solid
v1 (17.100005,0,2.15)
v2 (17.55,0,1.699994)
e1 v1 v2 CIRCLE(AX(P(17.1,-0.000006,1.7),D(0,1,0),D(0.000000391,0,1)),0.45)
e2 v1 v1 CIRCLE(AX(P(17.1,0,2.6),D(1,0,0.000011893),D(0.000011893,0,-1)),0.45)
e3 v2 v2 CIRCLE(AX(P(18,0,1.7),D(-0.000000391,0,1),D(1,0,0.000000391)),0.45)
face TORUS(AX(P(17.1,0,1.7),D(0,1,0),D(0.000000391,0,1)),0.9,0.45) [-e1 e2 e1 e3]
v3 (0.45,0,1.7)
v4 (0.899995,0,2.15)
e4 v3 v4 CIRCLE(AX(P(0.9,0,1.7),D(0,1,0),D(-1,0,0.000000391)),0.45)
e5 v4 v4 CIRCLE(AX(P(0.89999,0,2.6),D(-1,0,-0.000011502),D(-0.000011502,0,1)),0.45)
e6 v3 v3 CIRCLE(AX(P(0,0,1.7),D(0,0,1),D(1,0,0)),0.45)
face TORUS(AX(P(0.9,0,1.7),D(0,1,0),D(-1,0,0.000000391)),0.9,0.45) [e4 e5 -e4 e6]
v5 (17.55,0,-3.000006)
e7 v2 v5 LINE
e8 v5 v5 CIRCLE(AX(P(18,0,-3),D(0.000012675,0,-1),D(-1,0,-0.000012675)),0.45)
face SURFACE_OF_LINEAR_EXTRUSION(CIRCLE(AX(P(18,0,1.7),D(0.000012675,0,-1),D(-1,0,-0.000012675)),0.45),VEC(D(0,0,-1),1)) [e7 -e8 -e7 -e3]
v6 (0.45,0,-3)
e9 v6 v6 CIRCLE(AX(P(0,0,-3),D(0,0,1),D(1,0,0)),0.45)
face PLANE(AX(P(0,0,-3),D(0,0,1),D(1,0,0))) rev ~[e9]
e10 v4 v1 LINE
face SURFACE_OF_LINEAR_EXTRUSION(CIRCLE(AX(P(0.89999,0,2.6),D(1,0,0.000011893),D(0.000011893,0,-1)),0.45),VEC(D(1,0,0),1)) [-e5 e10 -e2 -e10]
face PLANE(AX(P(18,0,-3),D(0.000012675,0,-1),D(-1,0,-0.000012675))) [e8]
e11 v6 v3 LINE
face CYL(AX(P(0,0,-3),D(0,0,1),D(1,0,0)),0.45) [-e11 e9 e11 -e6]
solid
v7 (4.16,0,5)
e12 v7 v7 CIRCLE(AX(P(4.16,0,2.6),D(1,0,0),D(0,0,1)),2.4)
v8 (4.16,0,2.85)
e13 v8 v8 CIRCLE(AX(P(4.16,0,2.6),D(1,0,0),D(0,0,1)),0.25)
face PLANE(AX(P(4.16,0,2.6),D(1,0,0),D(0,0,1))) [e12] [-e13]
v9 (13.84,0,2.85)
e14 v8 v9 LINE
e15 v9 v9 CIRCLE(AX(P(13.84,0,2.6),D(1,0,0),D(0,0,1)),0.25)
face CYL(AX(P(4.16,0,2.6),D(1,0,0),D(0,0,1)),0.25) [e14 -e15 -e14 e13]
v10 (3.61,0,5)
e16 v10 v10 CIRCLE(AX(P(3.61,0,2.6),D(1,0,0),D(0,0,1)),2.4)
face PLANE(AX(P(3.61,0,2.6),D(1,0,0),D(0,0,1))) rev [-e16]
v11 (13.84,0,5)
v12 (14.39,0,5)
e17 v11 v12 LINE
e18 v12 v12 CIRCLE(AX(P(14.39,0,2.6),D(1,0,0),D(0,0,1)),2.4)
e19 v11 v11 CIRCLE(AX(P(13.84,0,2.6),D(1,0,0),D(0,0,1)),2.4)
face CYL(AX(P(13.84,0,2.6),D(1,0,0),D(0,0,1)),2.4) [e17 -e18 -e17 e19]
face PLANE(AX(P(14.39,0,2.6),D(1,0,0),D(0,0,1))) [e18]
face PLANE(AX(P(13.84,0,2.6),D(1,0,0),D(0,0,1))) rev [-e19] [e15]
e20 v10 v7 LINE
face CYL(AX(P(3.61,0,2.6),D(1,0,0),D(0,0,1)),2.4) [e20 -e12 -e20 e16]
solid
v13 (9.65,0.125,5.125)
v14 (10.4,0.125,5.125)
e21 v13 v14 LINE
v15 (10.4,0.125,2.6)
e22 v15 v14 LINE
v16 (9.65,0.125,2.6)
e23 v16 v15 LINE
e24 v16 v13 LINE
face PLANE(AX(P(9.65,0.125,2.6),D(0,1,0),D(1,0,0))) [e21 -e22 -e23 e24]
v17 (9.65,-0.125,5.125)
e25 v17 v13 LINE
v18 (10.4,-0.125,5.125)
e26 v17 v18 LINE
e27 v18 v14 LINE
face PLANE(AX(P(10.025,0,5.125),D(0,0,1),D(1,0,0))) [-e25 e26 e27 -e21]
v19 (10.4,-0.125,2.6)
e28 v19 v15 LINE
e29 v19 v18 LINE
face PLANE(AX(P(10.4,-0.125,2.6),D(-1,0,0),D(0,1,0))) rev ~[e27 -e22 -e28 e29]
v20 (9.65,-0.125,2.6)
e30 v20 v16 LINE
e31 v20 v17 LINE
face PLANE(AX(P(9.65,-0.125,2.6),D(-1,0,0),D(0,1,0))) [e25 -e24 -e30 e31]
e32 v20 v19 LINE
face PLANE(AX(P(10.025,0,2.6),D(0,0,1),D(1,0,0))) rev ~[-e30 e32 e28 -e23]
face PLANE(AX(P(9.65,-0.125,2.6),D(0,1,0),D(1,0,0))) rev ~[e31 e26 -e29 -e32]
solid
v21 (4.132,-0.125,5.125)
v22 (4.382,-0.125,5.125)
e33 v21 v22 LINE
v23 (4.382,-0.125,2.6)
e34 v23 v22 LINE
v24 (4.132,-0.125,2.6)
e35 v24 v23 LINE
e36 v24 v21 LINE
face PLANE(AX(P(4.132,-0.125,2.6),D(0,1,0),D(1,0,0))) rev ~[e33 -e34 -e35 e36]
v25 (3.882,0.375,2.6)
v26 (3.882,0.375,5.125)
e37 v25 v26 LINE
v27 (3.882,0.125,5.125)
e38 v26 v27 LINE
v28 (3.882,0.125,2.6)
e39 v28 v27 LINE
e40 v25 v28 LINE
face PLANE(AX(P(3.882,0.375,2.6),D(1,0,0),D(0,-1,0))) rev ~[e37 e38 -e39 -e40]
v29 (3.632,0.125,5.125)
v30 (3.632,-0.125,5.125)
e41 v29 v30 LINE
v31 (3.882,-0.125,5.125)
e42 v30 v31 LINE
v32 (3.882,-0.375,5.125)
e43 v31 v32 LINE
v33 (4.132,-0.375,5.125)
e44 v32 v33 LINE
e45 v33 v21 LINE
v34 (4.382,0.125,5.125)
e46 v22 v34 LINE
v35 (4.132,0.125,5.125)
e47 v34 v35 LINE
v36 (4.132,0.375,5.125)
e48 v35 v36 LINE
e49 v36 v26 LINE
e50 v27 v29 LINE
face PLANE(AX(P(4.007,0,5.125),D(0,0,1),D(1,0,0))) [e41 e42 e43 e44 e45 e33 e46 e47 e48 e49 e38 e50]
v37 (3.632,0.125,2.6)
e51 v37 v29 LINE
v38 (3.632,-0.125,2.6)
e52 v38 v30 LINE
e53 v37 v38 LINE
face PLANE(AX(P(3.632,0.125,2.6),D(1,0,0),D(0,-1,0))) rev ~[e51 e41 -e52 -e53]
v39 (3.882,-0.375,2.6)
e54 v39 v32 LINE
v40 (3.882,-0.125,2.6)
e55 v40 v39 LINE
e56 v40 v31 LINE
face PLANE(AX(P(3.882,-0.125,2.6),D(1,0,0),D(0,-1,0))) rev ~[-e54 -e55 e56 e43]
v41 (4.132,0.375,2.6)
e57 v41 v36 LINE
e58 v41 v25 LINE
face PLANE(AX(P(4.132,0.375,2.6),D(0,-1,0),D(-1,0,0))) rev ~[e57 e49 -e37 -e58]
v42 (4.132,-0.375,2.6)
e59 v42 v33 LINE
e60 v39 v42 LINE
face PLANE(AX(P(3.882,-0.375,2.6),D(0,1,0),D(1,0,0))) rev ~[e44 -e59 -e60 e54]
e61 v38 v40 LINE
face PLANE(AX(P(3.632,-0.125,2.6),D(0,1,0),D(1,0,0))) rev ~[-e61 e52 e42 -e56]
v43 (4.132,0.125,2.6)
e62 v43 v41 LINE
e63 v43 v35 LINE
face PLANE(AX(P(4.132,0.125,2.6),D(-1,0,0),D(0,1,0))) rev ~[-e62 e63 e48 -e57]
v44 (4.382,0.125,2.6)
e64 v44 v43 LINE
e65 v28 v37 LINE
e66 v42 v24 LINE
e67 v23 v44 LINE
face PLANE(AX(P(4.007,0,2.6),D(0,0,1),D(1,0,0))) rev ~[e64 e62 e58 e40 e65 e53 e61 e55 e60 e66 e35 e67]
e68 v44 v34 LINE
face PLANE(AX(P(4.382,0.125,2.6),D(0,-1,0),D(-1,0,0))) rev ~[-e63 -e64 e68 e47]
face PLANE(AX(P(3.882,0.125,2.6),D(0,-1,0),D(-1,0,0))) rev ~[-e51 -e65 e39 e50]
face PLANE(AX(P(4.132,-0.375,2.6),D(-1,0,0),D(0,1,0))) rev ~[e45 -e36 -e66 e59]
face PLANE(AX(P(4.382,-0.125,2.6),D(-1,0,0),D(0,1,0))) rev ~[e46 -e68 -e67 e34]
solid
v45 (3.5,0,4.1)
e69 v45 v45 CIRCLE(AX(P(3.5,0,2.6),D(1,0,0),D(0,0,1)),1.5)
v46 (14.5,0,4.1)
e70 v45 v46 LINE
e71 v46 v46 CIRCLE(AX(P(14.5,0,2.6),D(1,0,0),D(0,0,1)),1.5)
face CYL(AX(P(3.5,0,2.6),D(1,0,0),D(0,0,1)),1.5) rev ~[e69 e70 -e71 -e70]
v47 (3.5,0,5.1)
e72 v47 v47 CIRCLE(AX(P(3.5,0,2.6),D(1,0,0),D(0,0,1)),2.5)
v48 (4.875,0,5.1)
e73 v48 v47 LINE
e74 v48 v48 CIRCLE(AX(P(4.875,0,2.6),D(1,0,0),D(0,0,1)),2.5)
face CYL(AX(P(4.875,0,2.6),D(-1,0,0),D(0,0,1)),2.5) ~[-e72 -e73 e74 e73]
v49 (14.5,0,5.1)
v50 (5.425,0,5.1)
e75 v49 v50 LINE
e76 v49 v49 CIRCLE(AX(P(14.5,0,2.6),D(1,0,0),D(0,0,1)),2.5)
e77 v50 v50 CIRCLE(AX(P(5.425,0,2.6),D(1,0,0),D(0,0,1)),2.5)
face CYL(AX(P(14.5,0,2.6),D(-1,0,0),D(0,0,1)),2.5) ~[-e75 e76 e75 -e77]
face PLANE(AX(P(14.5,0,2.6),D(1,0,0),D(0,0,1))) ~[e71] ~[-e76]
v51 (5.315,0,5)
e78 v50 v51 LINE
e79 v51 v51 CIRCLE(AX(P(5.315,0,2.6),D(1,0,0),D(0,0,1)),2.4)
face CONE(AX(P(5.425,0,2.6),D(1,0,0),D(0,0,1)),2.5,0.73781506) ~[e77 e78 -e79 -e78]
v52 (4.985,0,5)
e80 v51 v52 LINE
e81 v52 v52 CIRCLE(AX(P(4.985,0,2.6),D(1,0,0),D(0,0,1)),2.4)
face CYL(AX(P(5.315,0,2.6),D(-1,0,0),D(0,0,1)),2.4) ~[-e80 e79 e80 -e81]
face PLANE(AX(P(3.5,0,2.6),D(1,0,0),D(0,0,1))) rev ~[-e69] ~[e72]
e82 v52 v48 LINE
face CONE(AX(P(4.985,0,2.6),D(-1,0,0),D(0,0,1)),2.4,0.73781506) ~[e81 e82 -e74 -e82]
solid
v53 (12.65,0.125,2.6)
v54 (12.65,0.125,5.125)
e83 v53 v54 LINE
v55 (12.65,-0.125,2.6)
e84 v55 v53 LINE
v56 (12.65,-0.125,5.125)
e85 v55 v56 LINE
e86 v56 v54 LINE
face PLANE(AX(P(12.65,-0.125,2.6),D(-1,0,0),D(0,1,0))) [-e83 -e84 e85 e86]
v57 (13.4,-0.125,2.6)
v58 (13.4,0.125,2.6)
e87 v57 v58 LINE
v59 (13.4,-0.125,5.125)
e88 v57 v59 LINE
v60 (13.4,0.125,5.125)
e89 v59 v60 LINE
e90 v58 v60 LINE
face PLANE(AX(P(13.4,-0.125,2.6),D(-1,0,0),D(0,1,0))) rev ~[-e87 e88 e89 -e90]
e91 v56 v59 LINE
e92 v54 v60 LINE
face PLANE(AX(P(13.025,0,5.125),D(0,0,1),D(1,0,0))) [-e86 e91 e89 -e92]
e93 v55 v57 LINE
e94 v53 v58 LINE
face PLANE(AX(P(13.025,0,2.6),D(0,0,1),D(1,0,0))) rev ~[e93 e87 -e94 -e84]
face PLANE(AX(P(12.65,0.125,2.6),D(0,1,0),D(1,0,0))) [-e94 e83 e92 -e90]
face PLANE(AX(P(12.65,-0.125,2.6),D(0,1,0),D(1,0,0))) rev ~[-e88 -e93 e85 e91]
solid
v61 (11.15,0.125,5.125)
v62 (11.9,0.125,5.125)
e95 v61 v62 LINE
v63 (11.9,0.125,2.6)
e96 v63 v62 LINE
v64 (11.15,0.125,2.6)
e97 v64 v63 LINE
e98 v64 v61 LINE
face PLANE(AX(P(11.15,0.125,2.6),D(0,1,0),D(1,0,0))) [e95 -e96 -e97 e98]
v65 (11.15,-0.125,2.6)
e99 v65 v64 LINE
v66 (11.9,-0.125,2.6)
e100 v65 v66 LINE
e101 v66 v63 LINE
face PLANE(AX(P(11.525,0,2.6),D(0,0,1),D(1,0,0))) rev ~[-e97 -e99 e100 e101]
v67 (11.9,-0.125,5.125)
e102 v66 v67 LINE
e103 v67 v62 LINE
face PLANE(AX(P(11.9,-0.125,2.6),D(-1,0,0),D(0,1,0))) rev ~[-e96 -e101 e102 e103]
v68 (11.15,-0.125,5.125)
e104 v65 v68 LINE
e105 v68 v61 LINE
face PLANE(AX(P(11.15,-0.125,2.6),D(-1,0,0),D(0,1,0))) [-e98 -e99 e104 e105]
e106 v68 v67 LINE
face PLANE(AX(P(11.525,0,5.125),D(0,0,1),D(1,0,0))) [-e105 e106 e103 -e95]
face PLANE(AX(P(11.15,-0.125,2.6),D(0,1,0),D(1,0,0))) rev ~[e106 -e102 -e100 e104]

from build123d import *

# Parameters (mm, degrees)
SKETCH_R    = 0.45
SKETCH004_W = 0.75
SKETCH004_H = 0.25
PAD_DEPTH   = 2.525


with BuildPart() as sweep_body:
    # Sweep: sweep along a path in Sketch001
    with BuildLine(Plane.XZ) as sweep_path:
        Line((0, -3), (0, 1.7))
        ThreePointArc((0, 1.7), (0.263601, 2.336393), (0.89999, 2.6))
        Line((0.89999, 2.6), (17.1, 2.6))
        ThreePointArc((17.1, 2.6), (17.736396, 2.336396), (18, 1.7))
        Line((18, 1.7), (18, -3))
    # Sketch → Sweep (sweep)
    with BuildSketch(Plane.XY.offset(-2)):
        Circle(SKETCH_R)
    sweep(path=sweep_path.line)


with BuildPart() as revolution:
    # Sketch002 → Revolution (revolve)
    with BuildSketch(Plane.XZ):
        Polygon((3.5, 5.1), (3.5, 4.1), (14.5, 4.1), (14.5, 5.1), (5.425, 5.1), (5.315, 5), (4.985, 5), (4.875, 5.1), align=None)
    revolve(axis=Axis((6.97588, 0, 2.6), (1, 0, 0)))


with BuildPart() as revolution001:
    # Sketch003 → Revolution001 (revolve)
    with BuildSketch(Plane.XZ):
        Polygon((3.61, 5), (4.16, 5), (4.16, 2.85), (13.84, 2.85), (13.84, 5), (14.39, 5), (14.39, 2.6), (3.61, 2.6), align=None)
    revolve(axis=Axis((6.97588, 0, 2.6), (1, 0, 0)))


with BuildPart() as pad:
    # Sketch004 → Pad (new body)
    with BuildSketch(Plane.XY.offset(2.6)):
        with Locations((13.025, 0)):
            Rectangle(SKETCH004_W, SKETCH004_H)
        with Locations((11.525, 0)):
            Rectangle(SKETCH004_W, SKETCH004_H)
        with Locations((10.025, 0)):
            Rectangle(SKETCH004_W, SKETCH004_H)
        Polygon((3.882, 0.125), (3.632, 0.125), (3.632, -0.125), (3.882, -0.125), (3.882, -0.375), (4.132, -0.375), (4.132, -0.125), (4.382, -0.125), (4.382, 0.125), (4.132, 0.125), (4.132, 0.375), (3.882, 0.375), align=None)
    extrude(amount=PAD_DEPTH)


solid = Compound([sweep_body.part, revolution.part, revolution001.part, pad.part])
